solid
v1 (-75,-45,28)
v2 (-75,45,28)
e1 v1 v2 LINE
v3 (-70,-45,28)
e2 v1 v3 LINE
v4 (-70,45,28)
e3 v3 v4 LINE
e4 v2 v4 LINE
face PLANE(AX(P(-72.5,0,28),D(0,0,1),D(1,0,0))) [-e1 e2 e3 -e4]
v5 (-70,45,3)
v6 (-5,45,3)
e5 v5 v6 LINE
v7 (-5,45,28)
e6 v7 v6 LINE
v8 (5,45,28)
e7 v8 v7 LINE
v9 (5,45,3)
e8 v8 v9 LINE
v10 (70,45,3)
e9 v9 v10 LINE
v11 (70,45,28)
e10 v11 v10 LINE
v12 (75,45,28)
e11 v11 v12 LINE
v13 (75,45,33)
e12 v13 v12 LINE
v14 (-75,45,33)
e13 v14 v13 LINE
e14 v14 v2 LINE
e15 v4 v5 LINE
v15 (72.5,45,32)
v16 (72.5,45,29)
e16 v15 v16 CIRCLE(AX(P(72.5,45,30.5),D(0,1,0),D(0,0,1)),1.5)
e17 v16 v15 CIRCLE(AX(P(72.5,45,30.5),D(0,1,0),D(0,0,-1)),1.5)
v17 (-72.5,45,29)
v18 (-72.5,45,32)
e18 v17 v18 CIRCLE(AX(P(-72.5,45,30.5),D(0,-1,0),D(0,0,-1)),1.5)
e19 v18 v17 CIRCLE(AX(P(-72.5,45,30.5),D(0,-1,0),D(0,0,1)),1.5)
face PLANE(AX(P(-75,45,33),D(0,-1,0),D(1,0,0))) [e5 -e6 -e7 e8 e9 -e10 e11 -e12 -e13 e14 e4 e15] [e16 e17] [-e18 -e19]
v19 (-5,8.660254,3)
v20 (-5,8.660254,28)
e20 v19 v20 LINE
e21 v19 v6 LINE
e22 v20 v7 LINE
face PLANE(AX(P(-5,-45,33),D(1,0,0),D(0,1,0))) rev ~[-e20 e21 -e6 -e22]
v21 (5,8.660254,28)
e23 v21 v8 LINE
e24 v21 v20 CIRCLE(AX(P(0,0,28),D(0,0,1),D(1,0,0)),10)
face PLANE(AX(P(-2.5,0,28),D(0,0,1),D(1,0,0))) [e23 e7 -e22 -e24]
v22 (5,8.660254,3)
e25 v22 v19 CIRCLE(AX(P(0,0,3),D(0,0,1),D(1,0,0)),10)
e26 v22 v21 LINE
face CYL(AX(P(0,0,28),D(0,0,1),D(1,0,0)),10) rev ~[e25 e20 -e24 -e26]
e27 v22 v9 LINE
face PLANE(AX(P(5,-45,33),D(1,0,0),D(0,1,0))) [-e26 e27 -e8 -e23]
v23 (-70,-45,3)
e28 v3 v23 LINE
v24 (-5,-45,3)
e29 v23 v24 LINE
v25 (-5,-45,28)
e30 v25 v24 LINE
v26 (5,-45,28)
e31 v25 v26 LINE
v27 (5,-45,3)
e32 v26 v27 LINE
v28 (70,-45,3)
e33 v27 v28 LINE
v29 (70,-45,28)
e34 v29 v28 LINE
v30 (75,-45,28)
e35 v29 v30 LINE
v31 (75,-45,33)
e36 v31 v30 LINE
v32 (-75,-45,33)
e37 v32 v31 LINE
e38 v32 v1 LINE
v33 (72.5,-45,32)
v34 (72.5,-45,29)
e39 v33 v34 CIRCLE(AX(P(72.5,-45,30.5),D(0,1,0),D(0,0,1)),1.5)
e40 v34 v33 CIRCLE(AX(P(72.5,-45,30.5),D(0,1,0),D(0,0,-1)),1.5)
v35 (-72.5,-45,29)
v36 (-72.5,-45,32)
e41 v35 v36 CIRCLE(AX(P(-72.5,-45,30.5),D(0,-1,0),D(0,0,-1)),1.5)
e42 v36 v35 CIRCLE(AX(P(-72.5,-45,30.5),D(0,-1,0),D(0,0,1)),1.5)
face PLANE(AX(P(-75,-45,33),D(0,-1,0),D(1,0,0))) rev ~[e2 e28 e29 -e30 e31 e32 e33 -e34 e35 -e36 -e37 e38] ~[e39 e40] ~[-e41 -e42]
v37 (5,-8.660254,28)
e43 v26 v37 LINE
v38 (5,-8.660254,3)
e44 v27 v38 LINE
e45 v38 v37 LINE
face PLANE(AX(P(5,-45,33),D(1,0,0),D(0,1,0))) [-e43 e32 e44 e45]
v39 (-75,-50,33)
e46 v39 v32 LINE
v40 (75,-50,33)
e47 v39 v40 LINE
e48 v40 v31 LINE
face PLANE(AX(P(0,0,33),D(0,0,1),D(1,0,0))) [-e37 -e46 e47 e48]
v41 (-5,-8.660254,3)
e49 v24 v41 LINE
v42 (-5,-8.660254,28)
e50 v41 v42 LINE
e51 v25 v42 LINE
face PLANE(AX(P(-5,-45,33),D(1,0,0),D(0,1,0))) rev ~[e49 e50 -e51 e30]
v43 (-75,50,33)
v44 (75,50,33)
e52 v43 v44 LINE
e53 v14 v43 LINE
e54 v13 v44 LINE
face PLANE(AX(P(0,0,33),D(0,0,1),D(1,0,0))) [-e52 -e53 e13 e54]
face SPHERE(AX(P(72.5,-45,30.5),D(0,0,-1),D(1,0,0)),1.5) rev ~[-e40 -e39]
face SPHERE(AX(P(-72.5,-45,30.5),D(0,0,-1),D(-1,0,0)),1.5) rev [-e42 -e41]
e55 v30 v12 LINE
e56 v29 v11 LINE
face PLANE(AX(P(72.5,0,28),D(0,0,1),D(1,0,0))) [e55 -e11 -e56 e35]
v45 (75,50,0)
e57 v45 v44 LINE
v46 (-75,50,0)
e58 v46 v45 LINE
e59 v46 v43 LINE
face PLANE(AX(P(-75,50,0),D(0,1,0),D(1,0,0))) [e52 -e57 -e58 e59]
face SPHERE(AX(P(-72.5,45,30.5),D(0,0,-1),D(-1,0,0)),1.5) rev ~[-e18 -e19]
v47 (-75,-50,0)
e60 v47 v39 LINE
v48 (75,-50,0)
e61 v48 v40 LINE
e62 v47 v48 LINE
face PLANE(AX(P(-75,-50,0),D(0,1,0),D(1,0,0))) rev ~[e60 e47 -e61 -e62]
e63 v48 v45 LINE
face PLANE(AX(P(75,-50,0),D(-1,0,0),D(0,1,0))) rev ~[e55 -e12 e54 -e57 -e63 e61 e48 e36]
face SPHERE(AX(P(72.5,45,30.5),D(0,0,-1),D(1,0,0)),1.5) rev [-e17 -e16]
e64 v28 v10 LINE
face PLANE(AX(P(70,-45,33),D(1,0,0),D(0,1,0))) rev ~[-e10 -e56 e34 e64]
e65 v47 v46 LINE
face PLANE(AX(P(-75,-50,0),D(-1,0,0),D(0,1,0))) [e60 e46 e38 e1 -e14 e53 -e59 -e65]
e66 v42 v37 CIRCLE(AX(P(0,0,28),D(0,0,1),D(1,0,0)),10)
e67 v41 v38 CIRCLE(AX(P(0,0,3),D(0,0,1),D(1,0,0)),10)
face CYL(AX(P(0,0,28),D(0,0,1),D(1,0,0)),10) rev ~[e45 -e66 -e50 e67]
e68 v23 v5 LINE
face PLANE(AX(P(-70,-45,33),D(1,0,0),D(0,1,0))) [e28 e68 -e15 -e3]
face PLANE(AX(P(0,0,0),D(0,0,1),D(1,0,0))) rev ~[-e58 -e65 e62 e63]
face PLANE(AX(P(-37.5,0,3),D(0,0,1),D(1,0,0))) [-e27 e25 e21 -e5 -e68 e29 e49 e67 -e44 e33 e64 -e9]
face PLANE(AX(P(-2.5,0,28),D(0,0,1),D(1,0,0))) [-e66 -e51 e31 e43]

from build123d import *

# Parameters (mm, degrees)
F0_W     = 150
F0_H     = 100
F1_DEPTH = 33
F2_W     = 65
F2_H     = 90
F3_DEPTH = 30
F4_W     = 5
F4_H     = 90
F5_DEPTH = 5
F7_R     = 10
F8_DEPTH = 25


with BuildPart() as f1:
    # F0 (on Top) → F1 (new body)
    with BuildSketch(Plane.XY):
        Rectangle(F0_W, F0_H)
    extrude(amount=F1_DEPTH)

    # F2 (on face) → F3 (cut)
    with BuildSketch(Plane.XY.offset(33)):
        with Locations((-37.5, 0)):
            Rectangle(F2_W, F2_H)
        with Locations((37.5, 0)):
            Rectangle(F2_W, F2_H)
    extrude(amount=-F3_DEPTH, mode=Mode.SUBTRACT)

    # F4 (on face) → F5 (cut)
    with BuildSketch(Plane.XY.offset(33)):
        with Locations((-72.5, 0)):
            Rectangle(F4_W, F4_H)
        with Locations((-2.5, 0)):
            Rectangle(F4_W, F4_H)
        with Locations((2.5, 0)):
            Rectangle(F4_W, F4_H)
        with Locations((72.5, 0)):
            Rectangle(F4_W, F4_H)
    extrude(amount=-F5_DEPTH, mode=Mode.SUBTRACT)

    # F7 (on face) → F8 (cut, through all)
    with BuildSketch(Plane.XY.offset(28)):
        Circle(F7_R)
    extrude(amount=-F8_DEPTH, mode=Mode.SUBTRACT)

    # F6 (on face) → F9 (revolve, cut)
    with BuildSketch(Plane.XZ.offset(-45)):
        with BuildLine():
            Line((-72.5, 29), (-72.5, 32))
            ThreePointArc((-72.5, 32), (-74, 30.5), (-72.5, 29))
        make_face()
    revolve(axis=Axis((-72.5, 45, 30.5), (0, 0, -1)), mode=Mode.SUBTRACT)

    # F10: F1 across plane


with BuildPart() as f1_1:
    add(f1.part)
    add(f1.part.mirror(Plane.YZ), mode=Mode.INTERSECT)

    # F11: F1 across plane


with BuildPart() as f1_2:
    add(f1_1.part)
    add(f1_1.part.mirror(Plane.XZ), mode=Mode.INTERSECT)


solid = f1_2.part
